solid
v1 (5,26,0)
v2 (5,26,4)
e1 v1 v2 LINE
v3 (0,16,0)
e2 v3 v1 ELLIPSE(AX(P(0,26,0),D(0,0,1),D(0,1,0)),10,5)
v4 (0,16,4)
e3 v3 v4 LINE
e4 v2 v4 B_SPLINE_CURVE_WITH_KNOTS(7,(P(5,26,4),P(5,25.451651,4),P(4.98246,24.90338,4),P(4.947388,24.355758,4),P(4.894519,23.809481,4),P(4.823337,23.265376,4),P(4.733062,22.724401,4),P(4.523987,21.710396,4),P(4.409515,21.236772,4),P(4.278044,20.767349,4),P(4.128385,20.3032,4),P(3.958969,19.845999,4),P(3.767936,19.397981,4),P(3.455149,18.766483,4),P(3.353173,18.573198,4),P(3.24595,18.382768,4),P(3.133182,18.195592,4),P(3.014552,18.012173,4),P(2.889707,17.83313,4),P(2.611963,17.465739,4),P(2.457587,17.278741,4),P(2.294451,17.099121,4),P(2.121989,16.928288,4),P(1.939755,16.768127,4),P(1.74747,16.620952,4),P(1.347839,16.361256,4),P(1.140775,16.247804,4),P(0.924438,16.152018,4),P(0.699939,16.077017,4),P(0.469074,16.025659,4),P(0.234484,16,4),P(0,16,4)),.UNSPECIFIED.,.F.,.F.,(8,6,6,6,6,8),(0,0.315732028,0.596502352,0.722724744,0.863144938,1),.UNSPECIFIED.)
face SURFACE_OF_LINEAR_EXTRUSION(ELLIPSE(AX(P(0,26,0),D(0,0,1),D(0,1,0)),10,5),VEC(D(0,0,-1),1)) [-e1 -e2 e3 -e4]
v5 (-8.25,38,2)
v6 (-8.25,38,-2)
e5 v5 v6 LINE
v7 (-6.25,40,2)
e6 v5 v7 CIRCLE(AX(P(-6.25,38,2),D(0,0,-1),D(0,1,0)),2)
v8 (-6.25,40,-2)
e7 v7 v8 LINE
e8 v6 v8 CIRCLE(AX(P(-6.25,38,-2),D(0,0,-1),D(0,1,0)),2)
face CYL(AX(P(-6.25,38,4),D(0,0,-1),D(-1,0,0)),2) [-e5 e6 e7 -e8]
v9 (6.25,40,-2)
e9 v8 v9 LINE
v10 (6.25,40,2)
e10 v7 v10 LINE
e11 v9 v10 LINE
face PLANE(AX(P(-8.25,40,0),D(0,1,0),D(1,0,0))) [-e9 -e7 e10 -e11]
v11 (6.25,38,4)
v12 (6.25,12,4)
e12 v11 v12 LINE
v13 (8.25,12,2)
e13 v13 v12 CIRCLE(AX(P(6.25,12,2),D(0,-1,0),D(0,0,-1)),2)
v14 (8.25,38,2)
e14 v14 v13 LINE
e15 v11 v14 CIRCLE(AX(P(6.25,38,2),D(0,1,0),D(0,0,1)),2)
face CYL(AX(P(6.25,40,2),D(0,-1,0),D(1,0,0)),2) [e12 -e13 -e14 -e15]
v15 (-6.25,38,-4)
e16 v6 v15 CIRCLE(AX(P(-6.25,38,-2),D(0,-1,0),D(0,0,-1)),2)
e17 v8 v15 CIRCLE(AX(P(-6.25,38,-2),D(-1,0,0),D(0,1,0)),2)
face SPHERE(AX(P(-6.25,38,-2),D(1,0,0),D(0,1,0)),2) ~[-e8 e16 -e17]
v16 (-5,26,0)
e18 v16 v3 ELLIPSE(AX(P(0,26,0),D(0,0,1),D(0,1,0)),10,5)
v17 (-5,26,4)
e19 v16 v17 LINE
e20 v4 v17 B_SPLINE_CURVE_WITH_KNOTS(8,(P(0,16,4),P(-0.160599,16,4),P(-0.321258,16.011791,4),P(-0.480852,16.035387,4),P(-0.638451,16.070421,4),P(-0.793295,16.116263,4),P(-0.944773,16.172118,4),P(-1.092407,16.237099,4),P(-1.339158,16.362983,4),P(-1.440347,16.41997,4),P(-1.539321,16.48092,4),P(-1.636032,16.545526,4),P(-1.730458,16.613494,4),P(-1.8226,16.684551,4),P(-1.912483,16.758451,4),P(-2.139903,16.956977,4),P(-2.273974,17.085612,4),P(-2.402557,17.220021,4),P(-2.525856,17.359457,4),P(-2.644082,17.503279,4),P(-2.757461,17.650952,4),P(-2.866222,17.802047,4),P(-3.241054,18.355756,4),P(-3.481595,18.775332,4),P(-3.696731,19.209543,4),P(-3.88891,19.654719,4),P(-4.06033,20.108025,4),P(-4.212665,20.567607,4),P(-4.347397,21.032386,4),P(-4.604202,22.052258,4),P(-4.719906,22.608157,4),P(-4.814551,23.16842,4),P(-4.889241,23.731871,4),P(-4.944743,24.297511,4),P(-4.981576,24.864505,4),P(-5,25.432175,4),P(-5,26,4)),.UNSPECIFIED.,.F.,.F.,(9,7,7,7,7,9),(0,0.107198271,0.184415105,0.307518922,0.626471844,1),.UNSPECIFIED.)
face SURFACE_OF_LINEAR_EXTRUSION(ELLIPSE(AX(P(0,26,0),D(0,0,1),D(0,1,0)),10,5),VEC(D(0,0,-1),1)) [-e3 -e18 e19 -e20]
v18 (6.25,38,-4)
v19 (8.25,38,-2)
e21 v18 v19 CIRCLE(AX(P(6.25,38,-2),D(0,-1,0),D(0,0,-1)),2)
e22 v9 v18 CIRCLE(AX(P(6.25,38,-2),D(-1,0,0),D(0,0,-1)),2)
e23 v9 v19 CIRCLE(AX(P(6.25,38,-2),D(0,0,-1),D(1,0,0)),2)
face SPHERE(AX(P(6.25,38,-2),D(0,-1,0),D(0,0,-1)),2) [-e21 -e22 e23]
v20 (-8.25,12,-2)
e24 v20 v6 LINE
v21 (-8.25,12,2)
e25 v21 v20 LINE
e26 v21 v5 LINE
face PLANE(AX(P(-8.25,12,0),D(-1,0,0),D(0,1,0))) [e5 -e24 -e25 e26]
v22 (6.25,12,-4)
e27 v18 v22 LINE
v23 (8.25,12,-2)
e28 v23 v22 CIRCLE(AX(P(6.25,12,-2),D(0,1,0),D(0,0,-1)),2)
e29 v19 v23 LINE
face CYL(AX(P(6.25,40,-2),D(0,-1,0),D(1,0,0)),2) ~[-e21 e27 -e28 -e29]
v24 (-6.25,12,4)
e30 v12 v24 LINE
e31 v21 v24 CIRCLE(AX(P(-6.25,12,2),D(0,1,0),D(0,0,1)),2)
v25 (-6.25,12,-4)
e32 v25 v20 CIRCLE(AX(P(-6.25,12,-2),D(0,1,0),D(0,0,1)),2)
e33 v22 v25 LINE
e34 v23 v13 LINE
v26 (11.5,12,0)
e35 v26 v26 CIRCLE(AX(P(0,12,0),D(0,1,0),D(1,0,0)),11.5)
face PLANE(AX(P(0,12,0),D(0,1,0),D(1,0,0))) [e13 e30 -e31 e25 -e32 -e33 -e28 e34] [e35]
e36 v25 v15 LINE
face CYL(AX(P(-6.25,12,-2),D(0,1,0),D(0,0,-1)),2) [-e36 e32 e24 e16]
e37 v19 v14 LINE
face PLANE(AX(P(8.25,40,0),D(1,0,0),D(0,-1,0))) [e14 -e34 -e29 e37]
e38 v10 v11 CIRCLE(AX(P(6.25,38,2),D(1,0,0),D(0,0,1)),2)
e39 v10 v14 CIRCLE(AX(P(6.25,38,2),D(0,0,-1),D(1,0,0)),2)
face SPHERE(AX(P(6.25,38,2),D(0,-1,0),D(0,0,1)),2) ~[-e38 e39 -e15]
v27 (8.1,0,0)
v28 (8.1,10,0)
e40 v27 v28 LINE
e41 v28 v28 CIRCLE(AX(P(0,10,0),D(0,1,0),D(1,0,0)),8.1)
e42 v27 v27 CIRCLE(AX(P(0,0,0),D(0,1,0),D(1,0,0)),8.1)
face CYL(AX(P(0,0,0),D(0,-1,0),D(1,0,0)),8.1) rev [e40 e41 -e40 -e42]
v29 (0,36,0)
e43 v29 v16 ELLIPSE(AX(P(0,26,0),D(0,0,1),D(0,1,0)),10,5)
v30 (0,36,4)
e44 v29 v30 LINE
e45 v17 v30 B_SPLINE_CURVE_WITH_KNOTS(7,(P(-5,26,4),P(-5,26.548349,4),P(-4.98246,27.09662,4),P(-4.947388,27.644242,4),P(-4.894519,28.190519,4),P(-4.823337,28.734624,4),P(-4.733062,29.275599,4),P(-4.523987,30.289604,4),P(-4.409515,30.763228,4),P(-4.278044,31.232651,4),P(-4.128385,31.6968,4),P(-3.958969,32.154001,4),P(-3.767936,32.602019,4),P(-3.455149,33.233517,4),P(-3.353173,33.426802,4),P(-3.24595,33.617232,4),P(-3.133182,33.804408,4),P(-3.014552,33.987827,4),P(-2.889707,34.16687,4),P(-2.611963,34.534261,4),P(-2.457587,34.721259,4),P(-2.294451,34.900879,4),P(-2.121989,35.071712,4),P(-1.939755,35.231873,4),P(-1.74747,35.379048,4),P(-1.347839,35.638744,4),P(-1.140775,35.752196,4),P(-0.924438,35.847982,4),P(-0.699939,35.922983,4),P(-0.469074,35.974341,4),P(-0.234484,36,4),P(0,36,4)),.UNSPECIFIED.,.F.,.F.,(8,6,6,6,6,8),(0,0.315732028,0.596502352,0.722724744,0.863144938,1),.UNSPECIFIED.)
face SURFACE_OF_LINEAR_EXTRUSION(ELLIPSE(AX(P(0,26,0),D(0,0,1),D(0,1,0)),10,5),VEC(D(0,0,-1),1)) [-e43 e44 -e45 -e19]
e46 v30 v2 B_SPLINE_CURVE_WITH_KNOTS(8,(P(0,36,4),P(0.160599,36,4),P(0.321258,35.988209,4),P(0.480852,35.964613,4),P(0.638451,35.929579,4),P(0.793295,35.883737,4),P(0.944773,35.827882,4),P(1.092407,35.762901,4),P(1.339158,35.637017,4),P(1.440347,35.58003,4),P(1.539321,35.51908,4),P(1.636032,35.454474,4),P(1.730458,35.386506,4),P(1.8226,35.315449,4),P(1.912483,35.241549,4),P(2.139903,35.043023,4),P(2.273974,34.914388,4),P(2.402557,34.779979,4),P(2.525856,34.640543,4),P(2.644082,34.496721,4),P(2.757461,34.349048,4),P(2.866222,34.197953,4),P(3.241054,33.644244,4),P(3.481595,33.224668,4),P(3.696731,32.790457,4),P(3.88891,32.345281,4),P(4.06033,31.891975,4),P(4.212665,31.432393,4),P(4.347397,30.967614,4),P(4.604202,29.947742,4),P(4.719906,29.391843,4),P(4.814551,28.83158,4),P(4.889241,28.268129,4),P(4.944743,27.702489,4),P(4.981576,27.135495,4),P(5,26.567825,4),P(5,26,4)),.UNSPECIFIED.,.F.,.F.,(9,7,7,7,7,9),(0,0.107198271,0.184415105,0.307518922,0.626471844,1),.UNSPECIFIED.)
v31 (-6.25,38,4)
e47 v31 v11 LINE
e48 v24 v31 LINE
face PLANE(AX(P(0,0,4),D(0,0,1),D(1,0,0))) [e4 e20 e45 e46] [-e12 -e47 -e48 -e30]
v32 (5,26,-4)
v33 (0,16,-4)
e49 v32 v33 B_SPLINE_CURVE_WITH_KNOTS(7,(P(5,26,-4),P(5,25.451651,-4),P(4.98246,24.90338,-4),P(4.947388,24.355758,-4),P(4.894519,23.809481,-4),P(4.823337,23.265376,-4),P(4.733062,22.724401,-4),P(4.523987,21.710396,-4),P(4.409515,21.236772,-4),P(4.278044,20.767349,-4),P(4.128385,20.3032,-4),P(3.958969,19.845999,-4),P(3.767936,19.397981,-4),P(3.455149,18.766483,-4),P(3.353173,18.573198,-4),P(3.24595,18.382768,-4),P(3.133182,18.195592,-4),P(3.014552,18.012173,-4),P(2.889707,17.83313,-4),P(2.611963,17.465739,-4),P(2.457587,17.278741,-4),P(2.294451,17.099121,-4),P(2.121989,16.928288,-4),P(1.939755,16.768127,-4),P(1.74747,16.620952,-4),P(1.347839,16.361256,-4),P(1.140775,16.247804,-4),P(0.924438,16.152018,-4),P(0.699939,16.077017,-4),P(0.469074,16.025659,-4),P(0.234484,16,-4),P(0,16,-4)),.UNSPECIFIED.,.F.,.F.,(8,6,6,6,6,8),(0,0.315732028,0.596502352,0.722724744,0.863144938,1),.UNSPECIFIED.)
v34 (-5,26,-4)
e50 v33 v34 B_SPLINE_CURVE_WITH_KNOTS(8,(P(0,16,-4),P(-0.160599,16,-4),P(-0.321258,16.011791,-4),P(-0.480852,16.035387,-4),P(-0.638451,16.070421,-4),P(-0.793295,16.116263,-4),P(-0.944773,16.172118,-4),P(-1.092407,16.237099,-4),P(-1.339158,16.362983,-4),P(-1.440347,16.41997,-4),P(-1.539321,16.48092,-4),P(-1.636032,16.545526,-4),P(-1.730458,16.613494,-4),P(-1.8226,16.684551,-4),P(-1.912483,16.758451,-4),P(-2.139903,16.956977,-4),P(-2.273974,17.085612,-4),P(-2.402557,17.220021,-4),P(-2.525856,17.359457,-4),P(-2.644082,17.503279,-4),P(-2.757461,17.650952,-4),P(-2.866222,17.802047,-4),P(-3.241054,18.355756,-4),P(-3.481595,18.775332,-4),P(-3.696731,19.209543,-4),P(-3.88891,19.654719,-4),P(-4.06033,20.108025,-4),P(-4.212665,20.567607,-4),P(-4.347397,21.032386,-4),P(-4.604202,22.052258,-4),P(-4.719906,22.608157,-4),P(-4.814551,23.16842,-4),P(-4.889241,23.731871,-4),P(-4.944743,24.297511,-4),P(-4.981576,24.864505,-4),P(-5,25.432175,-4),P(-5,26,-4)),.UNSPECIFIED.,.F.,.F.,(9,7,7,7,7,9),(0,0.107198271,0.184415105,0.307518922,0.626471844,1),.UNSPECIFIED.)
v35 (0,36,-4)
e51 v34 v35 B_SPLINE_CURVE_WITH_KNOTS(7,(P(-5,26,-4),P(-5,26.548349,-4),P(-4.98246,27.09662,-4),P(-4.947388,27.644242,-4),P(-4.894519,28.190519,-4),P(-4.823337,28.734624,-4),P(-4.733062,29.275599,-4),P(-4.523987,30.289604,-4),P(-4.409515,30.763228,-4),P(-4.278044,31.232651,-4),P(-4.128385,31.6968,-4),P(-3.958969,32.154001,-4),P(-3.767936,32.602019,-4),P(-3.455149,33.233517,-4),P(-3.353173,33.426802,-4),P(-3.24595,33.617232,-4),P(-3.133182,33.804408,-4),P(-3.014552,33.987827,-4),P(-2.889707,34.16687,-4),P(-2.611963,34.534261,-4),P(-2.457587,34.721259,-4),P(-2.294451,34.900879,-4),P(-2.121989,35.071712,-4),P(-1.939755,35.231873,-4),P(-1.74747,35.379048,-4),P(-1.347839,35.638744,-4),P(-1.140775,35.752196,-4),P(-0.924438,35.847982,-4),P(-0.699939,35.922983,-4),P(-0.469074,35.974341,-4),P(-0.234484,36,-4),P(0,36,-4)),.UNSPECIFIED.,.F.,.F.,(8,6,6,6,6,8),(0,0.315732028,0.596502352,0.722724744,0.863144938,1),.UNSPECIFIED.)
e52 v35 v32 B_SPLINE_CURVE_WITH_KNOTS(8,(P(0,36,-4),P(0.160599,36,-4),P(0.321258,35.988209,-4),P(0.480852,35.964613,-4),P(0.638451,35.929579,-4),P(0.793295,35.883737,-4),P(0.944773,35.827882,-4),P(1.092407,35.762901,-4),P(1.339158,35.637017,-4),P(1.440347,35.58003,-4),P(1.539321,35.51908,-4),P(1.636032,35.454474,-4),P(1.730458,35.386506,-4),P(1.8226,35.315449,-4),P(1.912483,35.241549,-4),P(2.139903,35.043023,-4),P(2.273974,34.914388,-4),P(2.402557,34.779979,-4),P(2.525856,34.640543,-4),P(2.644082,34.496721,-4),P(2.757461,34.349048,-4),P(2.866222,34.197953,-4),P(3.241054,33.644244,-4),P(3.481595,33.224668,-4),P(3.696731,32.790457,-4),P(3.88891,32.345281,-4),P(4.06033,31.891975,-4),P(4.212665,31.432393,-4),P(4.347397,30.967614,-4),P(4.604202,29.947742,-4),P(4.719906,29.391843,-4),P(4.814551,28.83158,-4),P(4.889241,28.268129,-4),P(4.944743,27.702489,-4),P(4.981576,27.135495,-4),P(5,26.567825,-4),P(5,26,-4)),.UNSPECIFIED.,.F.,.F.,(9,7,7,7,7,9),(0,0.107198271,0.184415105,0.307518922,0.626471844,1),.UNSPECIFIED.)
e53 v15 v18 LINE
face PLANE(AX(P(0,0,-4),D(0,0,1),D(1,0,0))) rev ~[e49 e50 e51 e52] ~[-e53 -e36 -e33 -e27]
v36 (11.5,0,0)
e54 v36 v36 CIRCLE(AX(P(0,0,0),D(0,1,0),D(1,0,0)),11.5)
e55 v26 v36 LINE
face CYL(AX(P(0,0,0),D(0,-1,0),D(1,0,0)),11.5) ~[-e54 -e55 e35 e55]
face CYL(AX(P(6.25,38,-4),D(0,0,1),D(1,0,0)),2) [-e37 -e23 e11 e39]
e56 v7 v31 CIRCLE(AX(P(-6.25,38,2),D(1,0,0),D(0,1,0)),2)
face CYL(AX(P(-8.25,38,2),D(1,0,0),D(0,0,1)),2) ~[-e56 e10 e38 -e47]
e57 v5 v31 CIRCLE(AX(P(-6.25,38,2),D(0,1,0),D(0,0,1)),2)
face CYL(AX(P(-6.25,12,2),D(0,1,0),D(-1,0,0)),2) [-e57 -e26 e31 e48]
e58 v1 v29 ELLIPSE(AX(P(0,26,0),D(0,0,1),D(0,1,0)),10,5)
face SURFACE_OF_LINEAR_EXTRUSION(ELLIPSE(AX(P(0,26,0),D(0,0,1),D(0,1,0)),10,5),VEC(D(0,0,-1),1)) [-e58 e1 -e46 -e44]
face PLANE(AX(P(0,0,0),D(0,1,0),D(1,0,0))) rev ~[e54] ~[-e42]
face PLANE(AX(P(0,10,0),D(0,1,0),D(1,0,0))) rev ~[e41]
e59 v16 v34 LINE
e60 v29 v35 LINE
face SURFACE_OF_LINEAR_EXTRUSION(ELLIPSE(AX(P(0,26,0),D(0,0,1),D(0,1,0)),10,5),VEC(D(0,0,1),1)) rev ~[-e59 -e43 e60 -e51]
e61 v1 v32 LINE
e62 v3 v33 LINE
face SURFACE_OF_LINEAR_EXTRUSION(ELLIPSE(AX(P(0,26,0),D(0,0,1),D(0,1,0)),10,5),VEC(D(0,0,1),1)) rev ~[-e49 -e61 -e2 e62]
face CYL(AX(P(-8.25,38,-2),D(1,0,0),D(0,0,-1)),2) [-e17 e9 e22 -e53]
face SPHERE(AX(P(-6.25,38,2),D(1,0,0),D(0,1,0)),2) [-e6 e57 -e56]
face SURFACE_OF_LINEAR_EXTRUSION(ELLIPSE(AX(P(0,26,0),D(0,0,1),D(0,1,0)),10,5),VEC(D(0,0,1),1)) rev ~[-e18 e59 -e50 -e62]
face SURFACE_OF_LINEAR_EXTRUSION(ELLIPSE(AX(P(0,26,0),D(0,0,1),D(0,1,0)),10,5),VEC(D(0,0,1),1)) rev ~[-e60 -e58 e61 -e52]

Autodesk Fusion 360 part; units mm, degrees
sketch "Sketch1" plane through (0, 0, 0) normal (0, 1, 0) x (1, 0, 0)
  circle A0 centre (0, 0) radius 8.1
  circle A1 centre (0, 0) radius 11.5
  dimension "d1" = 16.2
  dimension "d2" = 23
extrude "Extrude1" add sketch "Sketch1" along normal blind 10
extrude "Extrude2" add sketch "Sketch1" along normal blind 2 from surface at 10 contours A0 | A1
sketch "Sketch2" plane through (0, 0, 0) normal (0, 0, 1) x (1, 0, 0)
  ellipse E0 centre (0, 26) end of major axis (0, 36) minor radius 5
  line L0 (0, 16) -> (0, 36)
  line L1 (5, 26) -> (-5, 26)
  dimension "d8" = 20
  dimension "d9" = 10
  dimension "d10" = 26
sketch "Sketch3" plane through (0, 0, 0) normal (0, 0, 1) x (1, 0, 0)
  line L0 (8.25, 12) -> (-8.25, 12)
  line L1 (-8.25, 12) -> (-8.25, 40)
  line L2 (-8.25, 40) -> (8.25, 40)
  line L3 (8.25, 40) -> (8.25, 12)
  line L4 (8.25, 12) -> (-8.25, 40) construction
  line L5 (-8.25, 12) -> (8.25, 40) construction
  point P0 (0, 26)
  dimension "d11" = 16.5
  dimension "d12" = 28
  dimension "d13" = 12
extrude "Extrude3" add sketch "Sketch3" along normal mid plane 8
extrude "Extrude4" cut sketch "Sketch2" along normal mid plane 20
fillet "Fillet1" radius 2 8 edges at (8.25, 26, 4) (8.25, 26, -4) (0, 40, 4) (0, 40, -4) (8.25, 40, 0) (-8.25, 40, 0) (-8.25, 26, 4) (-8.25, 26, -4)
